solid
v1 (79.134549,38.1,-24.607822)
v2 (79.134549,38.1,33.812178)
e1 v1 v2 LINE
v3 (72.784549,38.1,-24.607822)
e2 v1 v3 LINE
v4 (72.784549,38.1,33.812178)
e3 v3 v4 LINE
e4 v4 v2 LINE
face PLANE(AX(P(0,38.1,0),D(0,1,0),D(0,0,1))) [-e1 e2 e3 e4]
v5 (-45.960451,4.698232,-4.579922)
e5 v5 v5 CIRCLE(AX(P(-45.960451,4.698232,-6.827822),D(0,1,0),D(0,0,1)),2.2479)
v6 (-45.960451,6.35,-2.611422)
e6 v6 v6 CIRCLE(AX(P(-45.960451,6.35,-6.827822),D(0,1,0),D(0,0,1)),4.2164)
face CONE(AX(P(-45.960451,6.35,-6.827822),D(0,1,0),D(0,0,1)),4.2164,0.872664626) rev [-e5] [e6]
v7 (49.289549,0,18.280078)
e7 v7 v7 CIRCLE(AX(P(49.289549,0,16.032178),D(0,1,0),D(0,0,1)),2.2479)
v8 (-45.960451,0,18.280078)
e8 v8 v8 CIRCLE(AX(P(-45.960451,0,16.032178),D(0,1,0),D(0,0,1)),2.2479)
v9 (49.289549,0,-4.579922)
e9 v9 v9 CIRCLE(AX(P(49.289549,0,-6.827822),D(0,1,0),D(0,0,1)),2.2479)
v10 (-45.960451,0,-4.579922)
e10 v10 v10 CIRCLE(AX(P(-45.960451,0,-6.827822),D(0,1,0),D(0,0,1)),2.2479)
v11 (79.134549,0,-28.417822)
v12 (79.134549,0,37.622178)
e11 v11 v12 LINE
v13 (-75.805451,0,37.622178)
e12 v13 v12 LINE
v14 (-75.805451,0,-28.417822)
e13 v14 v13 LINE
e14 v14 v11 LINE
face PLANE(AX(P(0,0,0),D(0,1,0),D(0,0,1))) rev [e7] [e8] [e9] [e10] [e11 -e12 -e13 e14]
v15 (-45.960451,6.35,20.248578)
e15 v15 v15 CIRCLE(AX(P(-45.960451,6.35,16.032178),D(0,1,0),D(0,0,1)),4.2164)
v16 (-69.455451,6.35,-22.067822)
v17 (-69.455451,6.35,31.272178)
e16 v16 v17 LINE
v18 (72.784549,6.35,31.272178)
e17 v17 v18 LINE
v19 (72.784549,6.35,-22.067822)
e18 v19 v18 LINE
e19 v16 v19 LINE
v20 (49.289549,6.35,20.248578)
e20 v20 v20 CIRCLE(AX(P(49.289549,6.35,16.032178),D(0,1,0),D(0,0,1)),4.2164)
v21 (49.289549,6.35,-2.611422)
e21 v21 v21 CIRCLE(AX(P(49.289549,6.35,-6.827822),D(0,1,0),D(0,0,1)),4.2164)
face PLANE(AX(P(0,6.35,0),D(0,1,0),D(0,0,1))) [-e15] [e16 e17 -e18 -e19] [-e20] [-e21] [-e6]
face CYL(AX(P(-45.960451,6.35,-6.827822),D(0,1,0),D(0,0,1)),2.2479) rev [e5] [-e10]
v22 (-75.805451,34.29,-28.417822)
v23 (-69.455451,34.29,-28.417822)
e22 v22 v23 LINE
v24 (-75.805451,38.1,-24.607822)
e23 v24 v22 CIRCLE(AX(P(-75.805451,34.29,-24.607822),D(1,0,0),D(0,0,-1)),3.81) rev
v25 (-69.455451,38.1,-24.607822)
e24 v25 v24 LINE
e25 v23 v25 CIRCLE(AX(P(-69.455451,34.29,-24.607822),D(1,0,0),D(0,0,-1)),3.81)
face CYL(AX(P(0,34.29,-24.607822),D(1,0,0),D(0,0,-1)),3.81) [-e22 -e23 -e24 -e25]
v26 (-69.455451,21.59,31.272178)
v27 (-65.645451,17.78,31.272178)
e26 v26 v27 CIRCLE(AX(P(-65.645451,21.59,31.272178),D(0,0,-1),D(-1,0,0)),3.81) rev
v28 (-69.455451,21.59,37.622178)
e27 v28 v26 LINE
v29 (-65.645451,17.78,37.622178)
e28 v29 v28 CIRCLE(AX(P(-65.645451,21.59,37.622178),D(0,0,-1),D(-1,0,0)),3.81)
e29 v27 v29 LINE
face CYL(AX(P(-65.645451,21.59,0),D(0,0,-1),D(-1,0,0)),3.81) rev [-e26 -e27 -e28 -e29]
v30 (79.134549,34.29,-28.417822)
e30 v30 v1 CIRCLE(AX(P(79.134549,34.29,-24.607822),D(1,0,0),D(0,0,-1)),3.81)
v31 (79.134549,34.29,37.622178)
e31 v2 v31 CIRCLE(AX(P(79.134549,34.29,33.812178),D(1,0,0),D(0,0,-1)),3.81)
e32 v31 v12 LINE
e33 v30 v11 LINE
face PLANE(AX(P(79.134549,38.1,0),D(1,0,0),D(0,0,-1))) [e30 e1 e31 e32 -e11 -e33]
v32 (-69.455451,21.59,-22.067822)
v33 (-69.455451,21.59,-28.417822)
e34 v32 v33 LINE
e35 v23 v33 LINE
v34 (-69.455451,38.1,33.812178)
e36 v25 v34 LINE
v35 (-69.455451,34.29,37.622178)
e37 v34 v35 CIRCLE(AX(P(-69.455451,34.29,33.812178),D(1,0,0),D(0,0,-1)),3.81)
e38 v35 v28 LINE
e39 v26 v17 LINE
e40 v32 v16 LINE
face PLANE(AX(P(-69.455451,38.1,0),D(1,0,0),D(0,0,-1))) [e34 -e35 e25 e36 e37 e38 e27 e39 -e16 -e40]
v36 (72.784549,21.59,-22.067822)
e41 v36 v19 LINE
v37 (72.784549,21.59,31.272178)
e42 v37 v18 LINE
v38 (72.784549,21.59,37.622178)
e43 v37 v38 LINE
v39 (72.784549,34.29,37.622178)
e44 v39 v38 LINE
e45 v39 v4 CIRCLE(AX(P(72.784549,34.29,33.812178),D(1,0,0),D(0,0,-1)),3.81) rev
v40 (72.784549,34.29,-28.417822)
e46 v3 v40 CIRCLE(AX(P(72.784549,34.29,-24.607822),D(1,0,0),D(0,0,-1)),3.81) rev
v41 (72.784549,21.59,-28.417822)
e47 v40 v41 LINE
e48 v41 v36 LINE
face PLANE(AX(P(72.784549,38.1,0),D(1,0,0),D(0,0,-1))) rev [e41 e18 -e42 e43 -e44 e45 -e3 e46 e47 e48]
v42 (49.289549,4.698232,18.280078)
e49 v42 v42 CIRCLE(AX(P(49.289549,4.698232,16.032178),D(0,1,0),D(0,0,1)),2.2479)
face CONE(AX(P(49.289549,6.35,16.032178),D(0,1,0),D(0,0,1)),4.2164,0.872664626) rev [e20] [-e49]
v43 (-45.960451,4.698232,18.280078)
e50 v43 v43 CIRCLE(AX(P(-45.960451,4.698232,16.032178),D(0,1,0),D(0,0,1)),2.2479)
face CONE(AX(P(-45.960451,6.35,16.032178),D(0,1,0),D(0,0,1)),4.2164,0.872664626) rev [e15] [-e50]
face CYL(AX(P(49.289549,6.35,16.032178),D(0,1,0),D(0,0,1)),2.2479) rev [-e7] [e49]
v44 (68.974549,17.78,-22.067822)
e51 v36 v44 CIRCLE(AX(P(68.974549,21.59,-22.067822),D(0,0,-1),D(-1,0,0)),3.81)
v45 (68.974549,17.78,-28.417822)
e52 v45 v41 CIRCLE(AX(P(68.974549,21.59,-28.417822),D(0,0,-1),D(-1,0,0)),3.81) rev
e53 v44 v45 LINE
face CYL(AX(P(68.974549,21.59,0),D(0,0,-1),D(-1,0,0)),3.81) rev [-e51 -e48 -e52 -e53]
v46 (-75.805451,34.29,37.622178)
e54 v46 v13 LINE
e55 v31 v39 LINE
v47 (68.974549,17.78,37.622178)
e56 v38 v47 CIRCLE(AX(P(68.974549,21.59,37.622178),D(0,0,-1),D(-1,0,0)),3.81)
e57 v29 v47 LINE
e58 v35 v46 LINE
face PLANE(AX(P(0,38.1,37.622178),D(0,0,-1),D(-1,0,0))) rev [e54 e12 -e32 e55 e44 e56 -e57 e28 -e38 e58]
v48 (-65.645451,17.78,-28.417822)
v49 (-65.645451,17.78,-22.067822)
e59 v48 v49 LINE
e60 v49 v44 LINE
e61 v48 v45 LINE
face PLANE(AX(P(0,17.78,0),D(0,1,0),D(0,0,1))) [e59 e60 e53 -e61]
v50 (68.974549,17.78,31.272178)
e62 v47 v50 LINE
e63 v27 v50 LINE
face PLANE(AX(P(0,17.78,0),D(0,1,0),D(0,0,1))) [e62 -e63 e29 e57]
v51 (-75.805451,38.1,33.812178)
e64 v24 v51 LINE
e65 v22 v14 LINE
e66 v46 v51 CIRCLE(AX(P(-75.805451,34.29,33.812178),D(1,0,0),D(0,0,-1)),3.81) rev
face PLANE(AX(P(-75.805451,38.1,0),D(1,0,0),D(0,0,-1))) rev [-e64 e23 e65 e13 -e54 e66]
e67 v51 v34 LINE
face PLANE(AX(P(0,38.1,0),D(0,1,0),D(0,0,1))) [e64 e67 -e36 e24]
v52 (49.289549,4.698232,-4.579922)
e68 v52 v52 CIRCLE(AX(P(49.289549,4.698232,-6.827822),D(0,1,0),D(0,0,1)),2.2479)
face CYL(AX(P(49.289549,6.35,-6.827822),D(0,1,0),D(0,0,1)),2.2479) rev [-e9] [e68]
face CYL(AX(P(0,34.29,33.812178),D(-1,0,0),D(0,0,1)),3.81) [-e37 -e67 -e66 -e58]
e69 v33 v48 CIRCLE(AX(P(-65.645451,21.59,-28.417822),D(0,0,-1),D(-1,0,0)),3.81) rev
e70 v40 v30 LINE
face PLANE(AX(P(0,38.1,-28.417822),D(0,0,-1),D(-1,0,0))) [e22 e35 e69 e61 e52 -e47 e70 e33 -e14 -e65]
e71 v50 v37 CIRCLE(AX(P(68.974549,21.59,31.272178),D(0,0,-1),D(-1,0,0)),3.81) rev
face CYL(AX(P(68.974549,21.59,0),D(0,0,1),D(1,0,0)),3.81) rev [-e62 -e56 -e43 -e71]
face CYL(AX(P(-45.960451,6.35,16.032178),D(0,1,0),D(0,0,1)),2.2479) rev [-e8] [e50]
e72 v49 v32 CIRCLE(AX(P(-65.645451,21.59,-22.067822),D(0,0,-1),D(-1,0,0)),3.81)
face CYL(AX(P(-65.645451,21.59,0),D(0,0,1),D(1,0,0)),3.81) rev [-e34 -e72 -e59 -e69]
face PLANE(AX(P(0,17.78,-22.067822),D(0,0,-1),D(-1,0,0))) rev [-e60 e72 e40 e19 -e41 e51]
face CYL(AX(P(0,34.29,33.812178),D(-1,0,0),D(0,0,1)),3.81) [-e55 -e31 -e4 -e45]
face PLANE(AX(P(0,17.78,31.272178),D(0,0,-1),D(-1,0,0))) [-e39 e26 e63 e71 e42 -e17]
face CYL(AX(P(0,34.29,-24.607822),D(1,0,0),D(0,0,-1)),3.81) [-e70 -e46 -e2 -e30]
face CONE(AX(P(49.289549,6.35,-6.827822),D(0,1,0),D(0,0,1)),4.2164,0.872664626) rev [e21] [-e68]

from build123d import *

# Parameters (mm, degrees)
BOSS_EXTRUDE1_DEPTH                               = 38.1
BOSS_EXTRUDE1_2_DEPTH                             = 38.1
SKETCH1_4_W                                       = 142.24
SKETCH1_4_H                                       = 53.34
BOSS_EXTRUDE2_DEPTH                               = 6.35
SKETCH1_5_W                                       = 142.24
SKETCH1_5_H                                       = 6.35
BOSS_EXTRUDE3_DEPTH                               = 17.78
FILLET1_R                                         = 3.81
CSK_FOR_8_FLAT_HEAD_MACHINE_SCREW_100_D           = 4.4958
CSK_FOR_8_FLAT_HEAD_MACHINE_SCREW_100_CSINK_D     = 8.4328
CSK_FOR_8_FLAT_HEAD_MACHINE_SCREW_100_CSINK_ANGLE = 100


with BuildPart() as part:
    # Sketch1 → Boss-Extrude1 (new body)
    with BuildSketch(Plane(origin=(0, 0, 0), x_dir=(1, 0, 0), z_dir=(0, 1, 0))):
        Polygon((72.784549316, 28.417821782), (72.784549316, 22.067821782), (72.784549316, -31.272178218), (72.784549316, -37.622178218), (79.134549316, -37.622178218), (79.134549316, 28.417821782), align=None)
    extrude(amount=BOSS_EXTRUDE1_DEPTH)



with BuildPart() as body_2:
    # Sketch1 → Boss-Extrude1 2 (new body)
    with BuildSketch(Plane(origin=(0, 0, 0), x_dir=(1, 0, 0), z_dir=(0, 1, 0))):
        Polygon((-69.455450684, -31.272178218), (-69.455450684, 22.067821782), (-69.455450684, 28.417821782), (-75.805450684, 28.417821782), (-75.805450684, -37.622178218), (-69.455450684, -37.622178218), align=None)
    extrude(amount=BOSS_EXTRUDE1_2_DEPTH)


with BuildPart() as part_1:
    add(part.part)

    add(body_2.part)  # Boss-Extrude2 merges body 2
    # Sketch1<4> → Boss-Extrude2 (add)
    with BuildSketch(Plane(origin=(0, 0, 0), x_dir=(1, 0, 0), z_dir=(0, 1, 0))):
        with Locations((1.664549316, -4.602178218)):
            Rectangle(SKETCH1_4_W, SKETCH1_4_H)
    extrude(amount=BOSS_EXTRUDE2_DEPTH)

    # Sketch1<5> → Boss-Extrude3 (add)
    with BuildSketch(Plane(origin=(0, 0, 0), x_dir=(1, 0, 0), z_dir=(0, 1, 0))):
        with Locations((1.664549316, 25.242821782)):
            Rectangle(SKETCH1_5_W, SKETCH1_5_H)
        with Locations((1.664549316, -34.447178218)):
            Rectangle(SKETCH1_5_W, SKETCH1_5_H)
    extrude(amount=BOSS_EXTRUDE3_DEPTH)

    # Fillet1
    fillet1_edges = [part_1.edges().sort_by_distance(p)[0] for p in [
        (75.959549316, 38.1, 37.622178218),
        (75.959549316, 38.1, -28.417821782),
        (-72.630450684, 38.1, -28.417821782),
        (-72.630450684, 38.1, 37.622178218),
        (-69.455450684, 17.78, -25.242821782),
        (72.784549316, 17.78, -25.242821782),
        (72.784549316, 17.78, 34.447178218),
        (-69.455450684, 17.78, 34.447178218),
    ]]
    fillet(fillet1_edges, radius=FILLET1_R)

    # CSK for #8 Flat Head Machine Screw (100)2 (through all)
    with Locations(Plane(origin=(0, 6.35, 0), x_dir=(1, 0, 0), z_dir=(0, 1, 0))):
        with Locations((-45.960450684, -16.032178218), (-45.960450684, 6.827821782), (49.289549316, 6.827821782), (49.289549316, -16.032178218)):
            CounterSinkHole(CSK_FOR_8_FLAT_HEAD_MACHINE_SCREW_100_D / 2, CSK_FOR_8_FLAT_HEAD_MACHINE_SCREW_100_CSINK_D / 2, counter_sink_angle=CSK_FOR_8_FLAT_HEAD_MACHINE_SCREW_100_CSINK_ANGLE)


solid = part_1.part
